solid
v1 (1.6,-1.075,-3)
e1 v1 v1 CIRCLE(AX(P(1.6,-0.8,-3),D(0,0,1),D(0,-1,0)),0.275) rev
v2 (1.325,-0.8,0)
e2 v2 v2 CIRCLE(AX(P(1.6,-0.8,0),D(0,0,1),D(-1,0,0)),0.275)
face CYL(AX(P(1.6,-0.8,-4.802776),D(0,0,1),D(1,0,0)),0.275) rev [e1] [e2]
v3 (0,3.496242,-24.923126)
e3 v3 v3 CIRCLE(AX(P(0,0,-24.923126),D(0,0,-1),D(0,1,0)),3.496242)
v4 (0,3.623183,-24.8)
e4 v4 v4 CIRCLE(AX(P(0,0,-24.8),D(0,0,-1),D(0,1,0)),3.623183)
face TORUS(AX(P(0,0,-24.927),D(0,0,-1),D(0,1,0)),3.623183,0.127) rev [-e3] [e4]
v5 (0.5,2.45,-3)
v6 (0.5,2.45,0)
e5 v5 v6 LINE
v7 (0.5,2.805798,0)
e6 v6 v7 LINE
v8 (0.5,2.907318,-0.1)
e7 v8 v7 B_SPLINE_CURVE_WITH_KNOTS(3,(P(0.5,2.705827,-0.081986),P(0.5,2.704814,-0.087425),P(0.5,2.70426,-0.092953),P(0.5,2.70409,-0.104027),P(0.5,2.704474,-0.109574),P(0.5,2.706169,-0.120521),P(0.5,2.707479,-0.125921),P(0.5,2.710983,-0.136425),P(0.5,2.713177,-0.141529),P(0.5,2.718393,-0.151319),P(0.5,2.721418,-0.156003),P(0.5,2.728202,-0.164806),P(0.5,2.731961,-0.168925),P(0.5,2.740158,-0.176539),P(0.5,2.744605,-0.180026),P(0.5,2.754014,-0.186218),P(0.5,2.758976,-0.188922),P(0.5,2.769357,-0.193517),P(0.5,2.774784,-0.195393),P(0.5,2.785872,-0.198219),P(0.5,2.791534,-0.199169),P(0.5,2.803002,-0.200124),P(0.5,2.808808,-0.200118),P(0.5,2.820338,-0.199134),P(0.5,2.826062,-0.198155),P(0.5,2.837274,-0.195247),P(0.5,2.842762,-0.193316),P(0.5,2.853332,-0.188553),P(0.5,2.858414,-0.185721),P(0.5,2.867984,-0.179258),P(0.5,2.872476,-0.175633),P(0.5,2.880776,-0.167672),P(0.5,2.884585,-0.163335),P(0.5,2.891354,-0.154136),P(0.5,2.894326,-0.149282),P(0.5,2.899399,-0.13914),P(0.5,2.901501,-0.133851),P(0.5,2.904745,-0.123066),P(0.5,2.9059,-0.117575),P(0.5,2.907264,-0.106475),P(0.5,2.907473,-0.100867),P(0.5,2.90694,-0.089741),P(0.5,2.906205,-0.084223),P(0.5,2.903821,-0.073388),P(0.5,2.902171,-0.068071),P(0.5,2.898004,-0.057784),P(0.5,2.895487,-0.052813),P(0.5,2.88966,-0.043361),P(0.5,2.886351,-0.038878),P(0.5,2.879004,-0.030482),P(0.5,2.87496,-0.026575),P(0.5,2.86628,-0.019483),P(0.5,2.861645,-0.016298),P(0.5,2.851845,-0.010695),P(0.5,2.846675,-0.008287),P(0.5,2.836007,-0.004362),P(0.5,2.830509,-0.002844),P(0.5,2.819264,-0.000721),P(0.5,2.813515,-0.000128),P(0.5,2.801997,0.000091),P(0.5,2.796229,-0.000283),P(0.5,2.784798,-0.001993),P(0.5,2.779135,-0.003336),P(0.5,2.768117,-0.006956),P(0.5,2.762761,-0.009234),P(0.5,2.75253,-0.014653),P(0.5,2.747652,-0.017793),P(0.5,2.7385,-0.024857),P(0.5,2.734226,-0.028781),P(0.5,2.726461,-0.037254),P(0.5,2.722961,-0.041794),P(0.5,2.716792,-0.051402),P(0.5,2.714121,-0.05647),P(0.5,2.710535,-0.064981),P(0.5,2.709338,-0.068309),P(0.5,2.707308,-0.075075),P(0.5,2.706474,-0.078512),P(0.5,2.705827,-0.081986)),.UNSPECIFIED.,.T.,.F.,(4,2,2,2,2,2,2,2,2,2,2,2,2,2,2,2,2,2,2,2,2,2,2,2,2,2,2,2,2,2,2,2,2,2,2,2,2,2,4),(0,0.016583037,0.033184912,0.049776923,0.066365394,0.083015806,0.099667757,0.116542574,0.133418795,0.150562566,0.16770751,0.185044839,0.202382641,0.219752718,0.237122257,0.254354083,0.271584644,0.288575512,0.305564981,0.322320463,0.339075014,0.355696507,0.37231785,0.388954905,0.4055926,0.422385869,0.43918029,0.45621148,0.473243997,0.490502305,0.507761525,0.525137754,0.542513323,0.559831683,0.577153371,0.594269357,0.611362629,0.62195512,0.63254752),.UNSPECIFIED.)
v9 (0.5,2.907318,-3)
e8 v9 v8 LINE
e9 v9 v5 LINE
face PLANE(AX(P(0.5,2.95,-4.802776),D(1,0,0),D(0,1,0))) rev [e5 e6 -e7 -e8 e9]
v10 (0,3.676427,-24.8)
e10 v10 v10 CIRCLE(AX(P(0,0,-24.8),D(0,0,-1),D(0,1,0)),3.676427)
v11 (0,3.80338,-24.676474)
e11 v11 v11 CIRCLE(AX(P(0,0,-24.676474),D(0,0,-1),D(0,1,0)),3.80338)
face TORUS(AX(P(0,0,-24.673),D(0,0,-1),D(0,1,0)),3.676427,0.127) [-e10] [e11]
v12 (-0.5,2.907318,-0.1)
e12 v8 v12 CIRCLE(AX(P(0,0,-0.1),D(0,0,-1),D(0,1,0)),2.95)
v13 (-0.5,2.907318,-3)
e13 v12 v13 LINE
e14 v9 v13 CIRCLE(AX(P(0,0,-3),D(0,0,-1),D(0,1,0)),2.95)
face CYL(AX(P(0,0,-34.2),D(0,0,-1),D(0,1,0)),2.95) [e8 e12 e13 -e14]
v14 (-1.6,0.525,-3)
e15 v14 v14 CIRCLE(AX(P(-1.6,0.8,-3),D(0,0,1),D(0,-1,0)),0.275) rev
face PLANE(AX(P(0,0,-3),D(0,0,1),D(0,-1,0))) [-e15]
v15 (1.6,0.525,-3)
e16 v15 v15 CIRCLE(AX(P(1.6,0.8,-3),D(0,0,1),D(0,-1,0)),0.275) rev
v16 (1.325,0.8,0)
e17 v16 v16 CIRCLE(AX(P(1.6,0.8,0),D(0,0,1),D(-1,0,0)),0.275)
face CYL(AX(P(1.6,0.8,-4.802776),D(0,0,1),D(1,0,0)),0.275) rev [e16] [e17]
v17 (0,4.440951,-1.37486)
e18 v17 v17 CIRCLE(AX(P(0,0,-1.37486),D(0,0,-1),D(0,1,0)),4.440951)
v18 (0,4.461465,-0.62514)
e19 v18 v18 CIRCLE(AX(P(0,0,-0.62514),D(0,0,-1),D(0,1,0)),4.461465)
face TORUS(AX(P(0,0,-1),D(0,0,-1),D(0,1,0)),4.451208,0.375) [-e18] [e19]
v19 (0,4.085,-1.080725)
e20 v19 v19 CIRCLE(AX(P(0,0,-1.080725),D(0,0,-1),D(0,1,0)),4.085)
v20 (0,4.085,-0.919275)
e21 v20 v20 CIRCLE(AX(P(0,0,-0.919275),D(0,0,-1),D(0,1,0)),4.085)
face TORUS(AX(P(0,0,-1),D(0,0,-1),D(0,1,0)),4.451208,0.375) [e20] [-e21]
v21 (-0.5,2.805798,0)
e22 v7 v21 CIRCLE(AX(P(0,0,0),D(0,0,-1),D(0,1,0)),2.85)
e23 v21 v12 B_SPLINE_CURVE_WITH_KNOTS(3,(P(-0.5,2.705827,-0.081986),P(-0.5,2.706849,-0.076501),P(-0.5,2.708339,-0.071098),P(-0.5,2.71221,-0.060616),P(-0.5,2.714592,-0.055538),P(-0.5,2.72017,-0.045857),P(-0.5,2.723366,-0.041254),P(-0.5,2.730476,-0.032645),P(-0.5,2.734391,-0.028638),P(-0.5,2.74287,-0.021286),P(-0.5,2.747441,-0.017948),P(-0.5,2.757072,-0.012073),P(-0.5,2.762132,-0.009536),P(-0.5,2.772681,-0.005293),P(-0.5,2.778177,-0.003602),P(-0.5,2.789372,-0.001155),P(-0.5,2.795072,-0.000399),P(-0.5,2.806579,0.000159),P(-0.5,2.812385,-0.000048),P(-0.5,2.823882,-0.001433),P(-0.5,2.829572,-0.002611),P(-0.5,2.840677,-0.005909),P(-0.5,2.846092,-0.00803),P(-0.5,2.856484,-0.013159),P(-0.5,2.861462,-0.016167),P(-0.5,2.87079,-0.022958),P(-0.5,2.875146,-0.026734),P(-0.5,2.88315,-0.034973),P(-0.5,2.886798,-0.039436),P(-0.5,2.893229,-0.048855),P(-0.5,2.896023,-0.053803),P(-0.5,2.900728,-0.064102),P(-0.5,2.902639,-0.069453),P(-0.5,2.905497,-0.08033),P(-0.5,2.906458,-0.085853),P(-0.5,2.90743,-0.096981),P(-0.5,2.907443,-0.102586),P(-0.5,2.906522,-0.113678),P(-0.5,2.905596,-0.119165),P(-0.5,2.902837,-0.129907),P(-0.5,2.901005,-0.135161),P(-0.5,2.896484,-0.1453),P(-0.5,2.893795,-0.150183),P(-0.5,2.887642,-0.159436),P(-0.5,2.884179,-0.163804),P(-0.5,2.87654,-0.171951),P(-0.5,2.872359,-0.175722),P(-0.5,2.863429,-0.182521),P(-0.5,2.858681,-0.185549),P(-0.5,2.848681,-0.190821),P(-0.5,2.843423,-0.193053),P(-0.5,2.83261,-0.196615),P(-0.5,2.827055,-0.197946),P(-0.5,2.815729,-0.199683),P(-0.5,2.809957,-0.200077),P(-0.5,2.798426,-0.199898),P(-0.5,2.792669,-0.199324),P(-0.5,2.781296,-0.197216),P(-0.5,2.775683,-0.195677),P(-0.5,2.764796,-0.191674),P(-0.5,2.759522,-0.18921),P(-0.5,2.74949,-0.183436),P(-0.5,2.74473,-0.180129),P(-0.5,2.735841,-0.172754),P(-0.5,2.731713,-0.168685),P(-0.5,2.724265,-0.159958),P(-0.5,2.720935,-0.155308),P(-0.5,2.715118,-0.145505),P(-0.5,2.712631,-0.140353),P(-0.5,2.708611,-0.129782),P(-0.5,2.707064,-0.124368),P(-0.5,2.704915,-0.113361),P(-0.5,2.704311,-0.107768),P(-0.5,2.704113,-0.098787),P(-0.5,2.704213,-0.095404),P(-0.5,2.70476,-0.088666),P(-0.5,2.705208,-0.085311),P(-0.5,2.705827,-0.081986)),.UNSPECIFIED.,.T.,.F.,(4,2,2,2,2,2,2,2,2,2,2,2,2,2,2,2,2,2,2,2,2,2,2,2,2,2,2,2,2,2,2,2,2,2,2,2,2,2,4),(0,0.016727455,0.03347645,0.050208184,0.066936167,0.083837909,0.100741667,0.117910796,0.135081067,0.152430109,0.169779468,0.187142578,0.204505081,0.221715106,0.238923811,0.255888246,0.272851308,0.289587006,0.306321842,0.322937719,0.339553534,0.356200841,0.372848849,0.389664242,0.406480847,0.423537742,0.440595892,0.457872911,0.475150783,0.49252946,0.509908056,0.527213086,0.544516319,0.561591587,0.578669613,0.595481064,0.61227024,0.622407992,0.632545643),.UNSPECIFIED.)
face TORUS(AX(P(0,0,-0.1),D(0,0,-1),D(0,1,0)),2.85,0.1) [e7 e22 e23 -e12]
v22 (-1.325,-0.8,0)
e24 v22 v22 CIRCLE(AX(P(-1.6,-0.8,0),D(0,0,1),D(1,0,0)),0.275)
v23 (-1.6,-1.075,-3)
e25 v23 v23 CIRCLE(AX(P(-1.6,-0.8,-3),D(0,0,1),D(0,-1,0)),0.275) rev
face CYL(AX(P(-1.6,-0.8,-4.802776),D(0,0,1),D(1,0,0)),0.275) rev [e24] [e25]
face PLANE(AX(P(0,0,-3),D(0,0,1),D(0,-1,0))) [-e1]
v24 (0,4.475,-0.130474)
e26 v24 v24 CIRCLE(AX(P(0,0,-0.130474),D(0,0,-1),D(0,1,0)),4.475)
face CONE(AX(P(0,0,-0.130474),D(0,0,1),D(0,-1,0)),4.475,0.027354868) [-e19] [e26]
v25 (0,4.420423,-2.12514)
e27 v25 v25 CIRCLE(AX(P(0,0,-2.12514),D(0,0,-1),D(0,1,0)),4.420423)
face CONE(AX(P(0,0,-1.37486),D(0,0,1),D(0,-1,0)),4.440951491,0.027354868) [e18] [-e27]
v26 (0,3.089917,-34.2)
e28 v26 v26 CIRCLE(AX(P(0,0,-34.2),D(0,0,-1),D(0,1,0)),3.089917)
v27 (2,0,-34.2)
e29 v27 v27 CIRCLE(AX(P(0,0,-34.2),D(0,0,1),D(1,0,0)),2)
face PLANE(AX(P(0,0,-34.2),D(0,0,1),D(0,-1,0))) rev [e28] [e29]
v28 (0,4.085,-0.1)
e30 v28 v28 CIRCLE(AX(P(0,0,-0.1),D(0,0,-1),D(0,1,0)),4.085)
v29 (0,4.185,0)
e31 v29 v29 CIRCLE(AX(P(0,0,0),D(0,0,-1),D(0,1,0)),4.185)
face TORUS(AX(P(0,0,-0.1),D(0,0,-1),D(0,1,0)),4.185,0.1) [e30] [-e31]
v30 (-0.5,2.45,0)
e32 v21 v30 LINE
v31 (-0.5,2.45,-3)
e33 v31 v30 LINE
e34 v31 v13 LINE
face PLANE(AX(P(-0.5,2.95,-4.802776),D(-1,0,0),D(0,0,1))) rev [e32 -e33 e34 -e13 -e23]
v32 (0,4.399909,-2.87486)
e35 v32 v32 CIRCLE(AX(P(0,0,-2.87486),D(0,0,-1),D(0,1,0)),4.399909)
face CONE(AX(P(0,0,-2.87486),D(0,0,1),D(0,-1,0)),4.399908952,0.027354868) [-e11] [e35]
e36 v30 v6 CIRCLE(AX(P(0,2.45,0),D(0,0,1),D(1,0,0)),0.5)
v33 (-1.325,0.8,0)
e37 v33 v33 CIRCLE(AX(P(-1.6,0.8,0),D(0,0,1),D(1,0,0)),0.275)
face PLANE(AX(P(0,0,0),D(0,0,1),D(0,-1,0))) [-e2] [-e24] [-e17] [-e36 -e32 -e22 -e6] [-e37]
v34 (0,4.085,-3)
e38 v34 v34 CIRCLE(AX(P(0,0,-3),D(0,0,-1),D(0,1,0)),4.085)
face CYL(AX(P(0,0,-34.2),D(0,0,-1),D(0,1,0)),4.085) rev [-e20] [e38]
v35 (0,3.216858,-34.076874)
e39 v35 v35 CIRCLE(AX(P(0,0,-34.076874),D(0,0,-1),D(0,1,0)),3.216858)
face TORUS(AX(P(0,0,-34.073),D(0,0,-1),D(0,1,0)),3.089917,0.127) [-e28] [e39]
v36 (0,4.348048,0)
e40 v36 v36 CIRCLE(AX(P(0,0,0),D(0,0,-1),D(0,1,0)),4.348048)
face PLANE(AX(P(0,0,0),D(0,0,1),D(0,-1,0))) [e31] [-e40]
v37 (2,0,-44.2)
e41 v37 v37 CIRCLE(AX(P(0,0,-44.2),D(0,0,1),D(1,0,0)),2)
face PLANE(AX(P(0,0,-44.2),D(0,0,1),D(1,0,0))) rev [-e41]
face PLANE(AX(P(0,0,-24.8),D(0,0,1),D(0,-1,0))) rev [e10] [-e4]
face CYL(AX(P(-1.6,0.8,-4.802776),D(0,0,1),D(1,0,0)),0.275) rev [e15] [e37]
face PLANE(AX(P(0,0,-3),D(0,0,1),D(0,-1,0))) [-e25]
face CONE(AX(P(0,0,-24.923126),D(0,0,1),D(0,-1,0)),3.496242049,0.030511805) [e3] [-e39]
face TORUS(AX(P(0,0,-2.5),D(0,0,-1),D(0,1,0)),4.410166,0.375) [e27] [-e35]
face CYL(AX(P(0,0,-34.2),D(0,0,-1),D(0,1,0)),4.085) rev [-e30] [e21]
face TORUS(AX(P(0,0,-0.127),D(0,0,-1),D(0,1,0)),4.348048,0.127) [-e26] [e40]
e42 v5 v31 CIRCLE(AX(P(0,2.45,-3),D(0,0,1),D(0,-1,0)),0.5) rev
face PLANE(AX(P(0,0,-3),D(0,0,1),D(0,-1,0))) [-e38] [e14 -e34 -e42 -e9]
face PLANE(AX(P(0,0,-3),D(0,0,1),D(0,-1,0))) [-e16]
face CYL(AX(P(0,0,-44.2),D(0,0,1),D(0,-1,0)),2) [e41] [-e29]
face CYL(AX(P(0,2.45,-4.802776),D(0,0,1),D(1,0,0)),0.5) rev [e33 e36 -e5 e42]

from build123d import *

# Parameters (mm, degrees)
SWEEP4_PROFILE_R   = 2
SKETCH2_R          = 0.275
CUT_EXTRUDE1_DEPTH = 3


with BuildPart() as part:
    # Sketch1 → Revolve1 (revolve)
    with BuildSketch(Plane(origin=(0, 0, 0), x_dir=(0, 0, -1), z_dir=(1, 0, 0))):
        with BuildLine():
            Line((0.625140295, 4.461465083), (0.130473635, 4.475))
            ThreePointArc((0.130473635, 4.475), (0.038434069, 4.439069905), (0, 4.348047513))
            Line((0, 4.348047513), (0, 4.185))
            ThreePointArc((0, 4.185), (0.029289322, 4.114289322), (0.1, 4.085))
            Line((0.1, 4.085), (0.919275216, 4.085))
            ThreePointArc((0.919275216, 4.085), (1, 4.076208287), (1.080724784, 4.085))
            Line((1.080724784, 4.085), (3, 4.085))
            Line((3, 4.085), (3, 2.95))
            Line((3, 2.95), (0.1, 2.95))
            ThreePointArc((0.1, 2.95), (0.029289322, 2.920710678), (0, 2.85))
            Line((0, 2.85), (0, 0))
            Line((0, 0), (34.2, 0))
            Line((34.2, 0), (34.2, 3.089917063))
            ThreePointArc((34.2, 3.089917063), (34.164162077, 3.178339208), (34.076874398, 3.216857951))
            Line((34.076874398, 3.216857951), (24.923125602, 3.496242049))
            ThreePointArc((24.923125602, 3.496242049), (24.835837923, 3.534760792), (24.8, 3.623182937))
            Line((24.8, 3.623182937), (24.8, 3.676427404))
            ThreePointArc((24.8, 3.676427404), (24.764022392, 3.764993335), (24.676473635, 3.80337989))
            Line((24.676473635, 3.80337989), (2.874859705, 4.399908952))
            ThreePointArc((2.874859705, 4.399908952), (2.510256796, 4.785025452), (2.125140295, 4.420422544))
            Line((2.125140295, 4.420422544), (1.374859705, 4.440951491))
            ThreePointArc((1.374859705, 4.440951491), (1.010256796, 4.826067991), (0.625140295, 4.461465083))
        make_face()
    revolve(axis=Axis((0, 0, -34.2), (0, 0, 1)))

    # Sweep4: sweep along a path in Sketch3
    with BuildLine(Plane(origin=(0, 0, 0), x_dir=(0, 0, -1), z_dir=(1, 0, 0))) as sweep4_path:
        Line((44.2, 0), (34.2, 0))
    # Sweep4 profile (on start of the path) → Sweep4 (sweep)
    with BuildSketch(Plane(origin=(0, 0, -44.2), x_dir=(0, 1, 0), z_dir=(0, 0, 1))):
        Circle(SWEEP4_PROFILE_R)
    sweep(path=sweep4_path.line)

    # Sketch2 → Cut-Extrude1 (cut)
    with BuildSketch(Plane.XY):
        with Locations((-1.599999975, 0.8)):
            Circle(SKETCH2_R)
        with Locations((-1.599999975, -0.8)):
            Circle(SKETCH2_R)
        with Locations(Location((1.599999975, -0.8, 0), (0, 0, 270))):
            Circle(SKETCH2_R)
        with Locations(Location((1.599999975, 0.8, 0), (0, 0, 270))):
            Circle(SKETCH2_R)
        with BuildLine():
            Line((0.5, 2.95), (0.5, 2.45))
            ThreePointArc((0.5, 2.45), (0, 1.95), (-0.5, 2.45))
            Line((-0.5, 2.45), (-0.5, 2.95))
            ThreePointArc((-0.5, 2.95), (0, 3.45), (0.5, 2.95))
        make_face()
    extrude(amount=-CUT_EXTRUDE1_DEPTH, mode=Mode.SUBTRACT)


solid = part.part
